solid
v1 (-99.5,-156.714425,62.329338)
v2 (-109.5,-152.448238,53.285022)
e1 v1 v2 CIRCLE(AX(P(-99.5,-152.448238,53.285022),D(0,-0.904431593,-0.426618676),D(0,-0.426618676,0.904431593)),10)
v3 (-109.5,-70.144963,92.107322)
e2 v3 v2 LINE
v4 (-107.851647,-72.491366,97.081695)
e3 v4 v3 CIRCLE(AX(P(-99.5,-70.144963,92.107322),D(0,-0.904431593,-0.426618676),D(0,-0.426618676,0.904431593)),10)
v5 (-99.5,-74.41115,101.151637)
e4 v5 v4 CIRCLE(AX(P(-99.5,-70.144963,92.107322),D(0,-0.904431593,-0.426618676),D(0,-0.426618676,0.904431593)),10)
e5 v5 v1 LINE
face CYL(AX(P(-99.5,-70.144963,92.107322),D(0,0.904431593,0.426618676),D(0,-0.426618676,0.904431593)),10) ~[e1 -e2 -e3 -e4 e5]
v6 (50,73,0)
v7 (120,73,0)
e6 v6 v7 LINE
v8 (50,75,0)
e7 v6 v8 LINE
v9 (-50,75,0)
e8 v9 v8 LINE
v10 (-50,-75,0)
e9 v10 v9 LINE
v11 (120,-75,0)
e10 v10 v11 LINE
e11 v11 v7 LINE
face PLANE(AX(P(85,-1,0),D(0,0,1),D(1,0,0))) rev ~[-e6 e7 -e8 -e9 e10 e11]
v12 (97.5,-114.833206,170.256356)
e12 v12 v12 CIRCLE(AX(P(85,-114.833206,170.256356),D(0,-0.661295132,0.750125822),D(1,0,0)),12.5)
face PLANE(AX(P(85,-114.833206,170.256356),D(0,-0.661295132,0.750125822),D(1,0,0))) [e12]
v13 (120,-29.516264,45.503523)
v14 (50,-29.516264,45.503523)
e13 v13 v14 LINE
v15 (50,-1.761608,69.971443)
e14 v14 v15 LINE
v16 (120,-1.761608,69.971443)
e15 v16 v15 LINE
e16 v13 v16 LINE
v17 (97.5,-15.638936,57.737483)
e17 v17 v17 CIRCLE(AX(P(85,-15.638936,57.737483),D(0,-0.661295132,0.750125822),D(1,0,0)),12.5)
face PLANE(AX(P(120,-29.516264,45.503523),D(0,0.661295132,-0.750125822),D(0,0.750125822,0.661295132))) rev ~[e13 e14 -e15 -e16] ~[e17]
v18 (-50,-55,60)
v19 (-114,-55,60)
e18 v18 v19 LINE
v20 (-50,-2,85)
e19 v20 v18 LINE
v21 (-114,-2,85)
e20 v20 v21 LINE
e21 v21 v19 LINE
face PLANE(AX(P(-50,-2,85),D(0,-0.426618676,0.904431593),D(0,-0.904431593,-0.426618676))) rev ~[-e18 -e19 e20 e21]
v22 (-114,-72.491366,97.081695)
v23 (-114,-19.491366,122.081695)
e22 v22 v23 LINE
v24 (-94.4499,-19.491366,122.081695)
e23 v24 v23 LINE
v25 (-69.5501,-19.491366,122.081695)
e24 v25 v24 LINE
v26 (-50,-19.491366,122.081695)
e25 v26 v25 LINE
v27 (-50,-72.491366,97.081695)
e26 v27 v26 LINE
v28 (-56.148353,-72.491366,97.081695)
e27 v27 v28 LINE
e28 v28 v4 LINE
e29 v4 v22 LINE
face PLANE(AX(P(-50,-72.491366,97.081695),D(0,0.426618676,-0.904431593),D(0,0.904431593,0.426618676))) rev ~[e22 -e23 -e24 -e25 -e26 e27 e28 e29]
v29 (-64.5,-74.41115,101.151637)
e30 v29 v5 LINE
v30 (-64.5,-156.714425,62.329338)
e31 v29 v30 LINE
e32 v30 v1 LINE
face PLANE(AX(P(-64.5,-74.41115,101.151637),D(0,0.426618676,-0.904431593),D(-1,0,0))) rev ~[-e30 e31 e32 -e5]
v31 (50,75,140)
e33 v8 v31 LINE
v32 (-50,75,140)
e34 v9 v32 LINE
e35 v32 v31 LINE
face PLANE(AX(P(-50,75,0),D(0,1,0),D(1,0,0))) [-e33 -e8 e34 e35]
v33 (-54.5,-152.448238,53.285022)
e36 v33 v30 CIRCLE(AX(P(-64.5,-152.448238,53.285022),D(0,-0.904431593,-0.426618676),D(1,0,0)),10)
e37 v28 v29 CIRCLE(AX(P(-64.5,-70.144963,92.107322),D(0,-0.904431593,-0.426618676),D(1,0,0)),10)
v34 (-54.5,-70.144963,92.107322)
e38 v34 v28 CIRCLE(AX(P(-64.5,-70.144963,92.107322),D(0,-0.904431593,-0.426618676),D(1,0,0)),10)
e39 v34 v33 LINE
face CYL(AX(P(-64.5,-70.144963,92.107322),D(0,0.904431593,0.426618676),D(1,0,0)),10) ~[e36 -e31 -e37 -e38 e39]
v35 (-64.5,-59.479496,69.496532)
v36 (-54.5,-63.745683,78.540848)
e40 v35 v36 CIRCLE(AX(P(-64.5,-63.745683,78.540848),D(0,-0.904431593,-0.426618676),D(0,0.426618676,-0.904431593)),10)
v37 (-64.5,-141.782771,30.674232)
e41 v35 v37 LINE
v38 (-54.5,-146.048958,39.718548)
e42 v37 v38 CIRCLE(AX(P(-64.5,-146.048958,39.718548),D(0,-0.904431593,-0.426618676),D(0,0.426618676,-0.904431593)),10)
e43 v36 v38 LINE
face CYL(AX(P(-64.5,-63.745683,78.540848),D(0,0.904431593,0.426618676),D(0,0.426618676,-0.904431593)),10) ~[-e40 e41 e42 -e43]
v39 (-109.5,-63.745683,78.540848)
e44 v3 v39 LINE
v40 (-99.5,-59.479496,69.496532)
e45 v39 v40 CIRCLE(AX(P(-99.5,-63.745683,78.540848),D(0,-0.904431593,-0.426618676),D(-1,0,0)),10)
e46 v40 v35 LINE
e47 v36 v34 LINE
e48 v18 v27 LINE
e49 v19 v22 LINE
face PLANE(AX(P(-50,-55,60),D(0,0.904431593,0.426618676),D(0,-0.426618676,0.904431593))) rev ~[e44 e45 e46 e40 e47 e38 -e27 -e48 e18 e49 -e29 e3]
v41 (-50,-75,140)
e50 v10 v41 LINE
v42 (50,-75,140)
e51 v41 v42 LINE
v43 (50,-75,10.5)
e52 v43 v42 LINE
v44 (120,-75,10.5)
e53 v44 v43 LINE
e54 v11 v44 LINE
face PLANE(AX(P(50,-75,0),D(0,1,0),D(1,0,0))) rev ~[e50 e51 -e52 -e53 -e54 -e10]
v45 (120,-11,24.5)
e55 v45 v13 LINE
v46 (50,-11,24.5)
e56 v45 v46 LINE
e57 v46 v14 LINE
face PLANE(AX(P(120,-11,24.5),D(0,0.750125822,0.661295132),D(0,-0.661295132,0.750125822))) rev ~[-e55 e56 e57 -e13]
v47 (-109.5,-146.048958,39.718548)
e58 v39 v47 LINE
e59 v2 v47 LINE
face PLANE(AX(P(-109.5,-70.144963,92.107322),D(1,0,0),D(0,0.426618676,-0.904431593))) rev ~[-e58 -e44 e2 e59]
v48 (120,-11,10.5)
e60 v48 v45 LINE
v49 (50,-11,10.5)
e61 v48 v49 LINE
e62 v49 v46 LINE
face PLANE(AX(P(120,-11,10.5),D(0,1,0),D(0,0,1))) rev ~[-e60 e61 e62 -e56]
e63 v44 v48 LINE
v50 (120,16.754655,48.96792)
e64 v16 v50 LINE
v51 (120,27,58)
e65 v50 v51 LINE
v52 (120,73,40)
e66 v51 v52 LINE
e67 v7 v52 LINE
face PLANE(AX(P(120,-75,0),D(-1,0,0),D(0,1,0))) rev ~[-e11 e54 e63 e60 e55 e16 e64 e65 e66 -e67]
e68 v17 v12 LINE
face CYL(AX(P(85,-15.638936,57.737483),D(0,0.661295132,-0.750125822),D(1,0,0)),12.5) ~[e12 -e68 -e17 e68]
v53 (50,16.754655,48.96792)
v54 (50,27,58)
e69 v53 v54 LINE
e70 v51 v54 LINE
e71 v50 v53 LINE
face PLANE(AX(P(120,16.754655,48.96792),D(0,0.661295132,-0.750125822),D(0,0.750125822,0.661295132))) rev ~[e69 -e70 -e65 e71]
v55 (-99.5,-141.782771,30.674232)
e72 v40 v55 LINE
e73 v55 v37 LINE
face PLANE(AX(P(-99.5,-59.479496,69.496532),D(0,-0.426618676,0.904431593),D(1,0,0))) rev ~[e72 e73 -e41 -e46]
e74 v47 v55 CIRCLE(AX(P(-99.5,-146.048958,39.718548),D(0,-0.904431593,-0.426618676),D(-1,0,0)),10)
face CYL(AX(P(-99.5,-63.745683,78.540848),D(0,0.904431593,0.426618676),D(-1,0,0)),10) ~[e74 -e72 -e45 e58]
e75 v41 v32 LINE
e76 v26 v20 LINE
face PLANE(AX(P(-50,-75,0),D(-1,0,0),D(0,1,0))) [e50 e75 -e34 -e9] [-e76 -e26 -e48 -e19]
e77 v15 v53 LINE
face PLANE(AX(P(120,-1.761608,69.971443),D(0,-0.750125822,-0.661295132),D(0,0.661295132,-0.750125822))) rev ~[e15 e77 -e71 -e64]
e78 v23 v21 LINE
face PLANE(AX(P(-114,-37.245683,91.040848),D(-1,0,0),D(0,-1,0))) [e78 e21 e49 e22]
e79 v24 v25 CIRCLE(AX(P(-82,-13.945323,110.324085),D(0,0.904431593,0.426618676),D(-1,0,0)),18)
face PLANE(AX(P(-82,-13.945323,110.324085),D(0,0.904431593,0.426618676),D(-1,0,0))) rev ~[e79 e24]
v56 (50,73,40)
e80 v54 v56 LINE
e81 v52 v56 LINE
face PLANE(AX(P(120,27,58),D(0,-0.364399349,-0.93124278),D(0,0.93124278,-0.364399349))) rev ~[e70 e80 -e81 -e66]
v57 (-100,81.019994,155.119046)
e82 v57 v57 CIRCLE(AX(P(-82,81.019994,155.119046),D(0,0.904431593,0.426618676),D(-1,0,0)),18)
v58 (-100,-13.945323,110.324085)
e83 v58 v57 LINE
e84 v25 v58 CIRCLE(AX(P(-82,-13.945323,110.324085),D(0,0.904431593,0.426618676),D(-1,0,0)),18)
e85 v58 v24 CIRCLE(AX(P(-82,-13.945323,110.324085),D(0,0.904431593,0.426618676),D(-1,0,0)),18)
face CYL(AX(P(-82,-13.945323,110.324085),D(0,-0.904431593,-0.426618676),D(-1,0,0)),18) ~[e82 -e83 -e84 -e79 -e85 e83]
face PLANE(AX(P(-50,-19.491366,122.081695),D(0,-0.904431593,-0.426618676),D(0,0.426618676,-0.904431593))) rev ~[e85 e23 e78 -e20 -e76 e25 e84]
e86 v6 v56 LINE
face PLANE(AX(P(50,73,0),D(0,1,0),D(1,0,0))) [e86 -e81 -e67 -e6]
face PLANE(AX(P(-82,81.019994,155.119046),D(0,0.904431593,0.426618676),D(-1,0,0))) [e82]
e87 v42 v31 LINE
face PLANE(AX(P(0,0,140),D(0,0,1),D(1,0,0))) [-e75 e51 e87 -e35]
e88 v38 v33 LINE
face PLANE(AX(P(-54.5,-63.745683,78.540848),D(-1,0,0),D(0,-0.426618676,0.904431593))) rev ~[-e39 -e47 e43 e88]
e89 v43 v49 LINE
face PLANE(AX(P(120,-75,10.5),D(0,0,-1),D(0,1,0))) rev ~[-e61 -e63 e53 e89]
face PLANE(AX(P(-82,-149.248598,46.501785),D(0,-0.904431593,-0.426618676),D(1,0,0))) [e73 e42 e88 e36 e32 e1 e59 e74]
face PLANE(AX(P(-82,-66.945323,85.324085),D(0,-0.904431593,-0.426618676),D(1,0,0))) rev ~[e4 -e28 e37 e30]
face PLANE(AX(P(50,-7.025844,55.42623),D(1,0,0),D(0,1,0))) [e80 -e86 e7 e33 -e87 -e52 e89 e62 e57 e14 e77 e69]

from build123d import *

# Parameters (mm, degrees)
F0_W      = 100
F0_H      = 150
F1_DEPTH  = 140
F2_W      = 70
F2_H      = 148
F3_DEPTH  = 85
F5_DEPTH  = 70
F6_R      = 12.5
F7_DEPTH  = 150
F9_DEPTH  = 64
F10_R     = 18
F11_DEPTH = 105
F13_DEPTH = 91


with BuildPart() as f1:
    # F0 (on Top) → F1 (new body)
    with BuildSketch(Plane.XY):
        Rectangle(F0_W, F0_H)
    extrude(amount=F1_DEPTH)

    # F2 (on Top) → F3 (join)
    with BuildSketch(Plane.XY):
        with Locations((85, -1)):
            Rectangle(F2_W, F2_H)
    extrude(amount=F3_DEPTH)

    # F4 (on face) → F5 (cut, through all)
    with BuildSketch(Plane.YZ.offset(120)):
        Polygon((27, 58), (73, 40), (73, 85), (-75, 85), (-75, 10.5), (-11, 10.5), (-11, 24.5), (-29.5162637007, 45.5035230037), (-1.7616083029, 69.9714428939), (16.7546553978, 48.9679198901), align=None)
    extrude(amount=-F5_DEPTH, mode=Mode.SUBTRACT)

    # F6 (on face) → F7 (join)
    with BuildSketch(Plane(origin=(0, -35.4800240514, 40.2459974314), x_dir=(1, 0, 0), z_dir=(0, -0.6612951322, 0.7501258216))):
        with Locations((85, 26.4503467009)):
            Circle(F6_R)
    extrude(amount=F7_DEPTH)

    # F8 (on face) → F9 (join)
    with BuildSketch(Plane(origin=(-50, 0, 0), x_dir=(0, -1, 0), z_dir=(-1, 0, 0))):
        Polygon((2, 85), (55, 60), (72.4913657042, 97.081695293), (19.4913657042, 122.081695293), align=None)
    extrude(amount=F9_DEPTH)

    # F10 (on face) → F11 (join)
    with BuildSketch(Plane(origin=(0, 31.1610366919, 14.6986022132), x_dir=(-1, 0, 0), z_dir=(0, 0.9044315925, 0.4266186757))):
        with Locations((82, 105.7299227149)):
            Circle(F10_R)
    extrude(amount=F11_DEPTH)

    # F12 (on face) → F13 (join)
    with BuildSketch(Plane(origin=(0, -21.8389633081, -10.3013977868), x_dir=(1, 0, 0), z_dir=(0, -0.9044315925, -0.4266186757))):
        with BuildLine():
            ThreePointArc((-109.5, 98.2299227149), (-106.5710678119, 91.158854903), (-99.5, 88.2299227149))
            Line((-99.5, 88.2299227149), (-64.5, 88.2299227149))
            ThreePointArc((-64.5, 88.2299227149), (-57.4289321881, 91.158854903), (-54.5, 98.2299227149))
            Line((-54.5, 98.2299227149), (-54.5, 113.2299227149))
            ThreePointArc((-54.5, 113.2299227149), (-57.4289321881, 120.3009905268), (-64.5, 123.2299227149))
            Line((-64.5, 123.2299227149), (-99.5, 123.2299227149))
            ThreePointArc((-99.5, 123.2299227149), (-106.5710678119, 120.3009905268), (-109.5, 113.2299227149))
            Line((-109.5, 113.2299227149), (-109.5, 98.2299227149))
        make_face()
    extrude(amount=F13_DEPTH)


solid = f1.part
